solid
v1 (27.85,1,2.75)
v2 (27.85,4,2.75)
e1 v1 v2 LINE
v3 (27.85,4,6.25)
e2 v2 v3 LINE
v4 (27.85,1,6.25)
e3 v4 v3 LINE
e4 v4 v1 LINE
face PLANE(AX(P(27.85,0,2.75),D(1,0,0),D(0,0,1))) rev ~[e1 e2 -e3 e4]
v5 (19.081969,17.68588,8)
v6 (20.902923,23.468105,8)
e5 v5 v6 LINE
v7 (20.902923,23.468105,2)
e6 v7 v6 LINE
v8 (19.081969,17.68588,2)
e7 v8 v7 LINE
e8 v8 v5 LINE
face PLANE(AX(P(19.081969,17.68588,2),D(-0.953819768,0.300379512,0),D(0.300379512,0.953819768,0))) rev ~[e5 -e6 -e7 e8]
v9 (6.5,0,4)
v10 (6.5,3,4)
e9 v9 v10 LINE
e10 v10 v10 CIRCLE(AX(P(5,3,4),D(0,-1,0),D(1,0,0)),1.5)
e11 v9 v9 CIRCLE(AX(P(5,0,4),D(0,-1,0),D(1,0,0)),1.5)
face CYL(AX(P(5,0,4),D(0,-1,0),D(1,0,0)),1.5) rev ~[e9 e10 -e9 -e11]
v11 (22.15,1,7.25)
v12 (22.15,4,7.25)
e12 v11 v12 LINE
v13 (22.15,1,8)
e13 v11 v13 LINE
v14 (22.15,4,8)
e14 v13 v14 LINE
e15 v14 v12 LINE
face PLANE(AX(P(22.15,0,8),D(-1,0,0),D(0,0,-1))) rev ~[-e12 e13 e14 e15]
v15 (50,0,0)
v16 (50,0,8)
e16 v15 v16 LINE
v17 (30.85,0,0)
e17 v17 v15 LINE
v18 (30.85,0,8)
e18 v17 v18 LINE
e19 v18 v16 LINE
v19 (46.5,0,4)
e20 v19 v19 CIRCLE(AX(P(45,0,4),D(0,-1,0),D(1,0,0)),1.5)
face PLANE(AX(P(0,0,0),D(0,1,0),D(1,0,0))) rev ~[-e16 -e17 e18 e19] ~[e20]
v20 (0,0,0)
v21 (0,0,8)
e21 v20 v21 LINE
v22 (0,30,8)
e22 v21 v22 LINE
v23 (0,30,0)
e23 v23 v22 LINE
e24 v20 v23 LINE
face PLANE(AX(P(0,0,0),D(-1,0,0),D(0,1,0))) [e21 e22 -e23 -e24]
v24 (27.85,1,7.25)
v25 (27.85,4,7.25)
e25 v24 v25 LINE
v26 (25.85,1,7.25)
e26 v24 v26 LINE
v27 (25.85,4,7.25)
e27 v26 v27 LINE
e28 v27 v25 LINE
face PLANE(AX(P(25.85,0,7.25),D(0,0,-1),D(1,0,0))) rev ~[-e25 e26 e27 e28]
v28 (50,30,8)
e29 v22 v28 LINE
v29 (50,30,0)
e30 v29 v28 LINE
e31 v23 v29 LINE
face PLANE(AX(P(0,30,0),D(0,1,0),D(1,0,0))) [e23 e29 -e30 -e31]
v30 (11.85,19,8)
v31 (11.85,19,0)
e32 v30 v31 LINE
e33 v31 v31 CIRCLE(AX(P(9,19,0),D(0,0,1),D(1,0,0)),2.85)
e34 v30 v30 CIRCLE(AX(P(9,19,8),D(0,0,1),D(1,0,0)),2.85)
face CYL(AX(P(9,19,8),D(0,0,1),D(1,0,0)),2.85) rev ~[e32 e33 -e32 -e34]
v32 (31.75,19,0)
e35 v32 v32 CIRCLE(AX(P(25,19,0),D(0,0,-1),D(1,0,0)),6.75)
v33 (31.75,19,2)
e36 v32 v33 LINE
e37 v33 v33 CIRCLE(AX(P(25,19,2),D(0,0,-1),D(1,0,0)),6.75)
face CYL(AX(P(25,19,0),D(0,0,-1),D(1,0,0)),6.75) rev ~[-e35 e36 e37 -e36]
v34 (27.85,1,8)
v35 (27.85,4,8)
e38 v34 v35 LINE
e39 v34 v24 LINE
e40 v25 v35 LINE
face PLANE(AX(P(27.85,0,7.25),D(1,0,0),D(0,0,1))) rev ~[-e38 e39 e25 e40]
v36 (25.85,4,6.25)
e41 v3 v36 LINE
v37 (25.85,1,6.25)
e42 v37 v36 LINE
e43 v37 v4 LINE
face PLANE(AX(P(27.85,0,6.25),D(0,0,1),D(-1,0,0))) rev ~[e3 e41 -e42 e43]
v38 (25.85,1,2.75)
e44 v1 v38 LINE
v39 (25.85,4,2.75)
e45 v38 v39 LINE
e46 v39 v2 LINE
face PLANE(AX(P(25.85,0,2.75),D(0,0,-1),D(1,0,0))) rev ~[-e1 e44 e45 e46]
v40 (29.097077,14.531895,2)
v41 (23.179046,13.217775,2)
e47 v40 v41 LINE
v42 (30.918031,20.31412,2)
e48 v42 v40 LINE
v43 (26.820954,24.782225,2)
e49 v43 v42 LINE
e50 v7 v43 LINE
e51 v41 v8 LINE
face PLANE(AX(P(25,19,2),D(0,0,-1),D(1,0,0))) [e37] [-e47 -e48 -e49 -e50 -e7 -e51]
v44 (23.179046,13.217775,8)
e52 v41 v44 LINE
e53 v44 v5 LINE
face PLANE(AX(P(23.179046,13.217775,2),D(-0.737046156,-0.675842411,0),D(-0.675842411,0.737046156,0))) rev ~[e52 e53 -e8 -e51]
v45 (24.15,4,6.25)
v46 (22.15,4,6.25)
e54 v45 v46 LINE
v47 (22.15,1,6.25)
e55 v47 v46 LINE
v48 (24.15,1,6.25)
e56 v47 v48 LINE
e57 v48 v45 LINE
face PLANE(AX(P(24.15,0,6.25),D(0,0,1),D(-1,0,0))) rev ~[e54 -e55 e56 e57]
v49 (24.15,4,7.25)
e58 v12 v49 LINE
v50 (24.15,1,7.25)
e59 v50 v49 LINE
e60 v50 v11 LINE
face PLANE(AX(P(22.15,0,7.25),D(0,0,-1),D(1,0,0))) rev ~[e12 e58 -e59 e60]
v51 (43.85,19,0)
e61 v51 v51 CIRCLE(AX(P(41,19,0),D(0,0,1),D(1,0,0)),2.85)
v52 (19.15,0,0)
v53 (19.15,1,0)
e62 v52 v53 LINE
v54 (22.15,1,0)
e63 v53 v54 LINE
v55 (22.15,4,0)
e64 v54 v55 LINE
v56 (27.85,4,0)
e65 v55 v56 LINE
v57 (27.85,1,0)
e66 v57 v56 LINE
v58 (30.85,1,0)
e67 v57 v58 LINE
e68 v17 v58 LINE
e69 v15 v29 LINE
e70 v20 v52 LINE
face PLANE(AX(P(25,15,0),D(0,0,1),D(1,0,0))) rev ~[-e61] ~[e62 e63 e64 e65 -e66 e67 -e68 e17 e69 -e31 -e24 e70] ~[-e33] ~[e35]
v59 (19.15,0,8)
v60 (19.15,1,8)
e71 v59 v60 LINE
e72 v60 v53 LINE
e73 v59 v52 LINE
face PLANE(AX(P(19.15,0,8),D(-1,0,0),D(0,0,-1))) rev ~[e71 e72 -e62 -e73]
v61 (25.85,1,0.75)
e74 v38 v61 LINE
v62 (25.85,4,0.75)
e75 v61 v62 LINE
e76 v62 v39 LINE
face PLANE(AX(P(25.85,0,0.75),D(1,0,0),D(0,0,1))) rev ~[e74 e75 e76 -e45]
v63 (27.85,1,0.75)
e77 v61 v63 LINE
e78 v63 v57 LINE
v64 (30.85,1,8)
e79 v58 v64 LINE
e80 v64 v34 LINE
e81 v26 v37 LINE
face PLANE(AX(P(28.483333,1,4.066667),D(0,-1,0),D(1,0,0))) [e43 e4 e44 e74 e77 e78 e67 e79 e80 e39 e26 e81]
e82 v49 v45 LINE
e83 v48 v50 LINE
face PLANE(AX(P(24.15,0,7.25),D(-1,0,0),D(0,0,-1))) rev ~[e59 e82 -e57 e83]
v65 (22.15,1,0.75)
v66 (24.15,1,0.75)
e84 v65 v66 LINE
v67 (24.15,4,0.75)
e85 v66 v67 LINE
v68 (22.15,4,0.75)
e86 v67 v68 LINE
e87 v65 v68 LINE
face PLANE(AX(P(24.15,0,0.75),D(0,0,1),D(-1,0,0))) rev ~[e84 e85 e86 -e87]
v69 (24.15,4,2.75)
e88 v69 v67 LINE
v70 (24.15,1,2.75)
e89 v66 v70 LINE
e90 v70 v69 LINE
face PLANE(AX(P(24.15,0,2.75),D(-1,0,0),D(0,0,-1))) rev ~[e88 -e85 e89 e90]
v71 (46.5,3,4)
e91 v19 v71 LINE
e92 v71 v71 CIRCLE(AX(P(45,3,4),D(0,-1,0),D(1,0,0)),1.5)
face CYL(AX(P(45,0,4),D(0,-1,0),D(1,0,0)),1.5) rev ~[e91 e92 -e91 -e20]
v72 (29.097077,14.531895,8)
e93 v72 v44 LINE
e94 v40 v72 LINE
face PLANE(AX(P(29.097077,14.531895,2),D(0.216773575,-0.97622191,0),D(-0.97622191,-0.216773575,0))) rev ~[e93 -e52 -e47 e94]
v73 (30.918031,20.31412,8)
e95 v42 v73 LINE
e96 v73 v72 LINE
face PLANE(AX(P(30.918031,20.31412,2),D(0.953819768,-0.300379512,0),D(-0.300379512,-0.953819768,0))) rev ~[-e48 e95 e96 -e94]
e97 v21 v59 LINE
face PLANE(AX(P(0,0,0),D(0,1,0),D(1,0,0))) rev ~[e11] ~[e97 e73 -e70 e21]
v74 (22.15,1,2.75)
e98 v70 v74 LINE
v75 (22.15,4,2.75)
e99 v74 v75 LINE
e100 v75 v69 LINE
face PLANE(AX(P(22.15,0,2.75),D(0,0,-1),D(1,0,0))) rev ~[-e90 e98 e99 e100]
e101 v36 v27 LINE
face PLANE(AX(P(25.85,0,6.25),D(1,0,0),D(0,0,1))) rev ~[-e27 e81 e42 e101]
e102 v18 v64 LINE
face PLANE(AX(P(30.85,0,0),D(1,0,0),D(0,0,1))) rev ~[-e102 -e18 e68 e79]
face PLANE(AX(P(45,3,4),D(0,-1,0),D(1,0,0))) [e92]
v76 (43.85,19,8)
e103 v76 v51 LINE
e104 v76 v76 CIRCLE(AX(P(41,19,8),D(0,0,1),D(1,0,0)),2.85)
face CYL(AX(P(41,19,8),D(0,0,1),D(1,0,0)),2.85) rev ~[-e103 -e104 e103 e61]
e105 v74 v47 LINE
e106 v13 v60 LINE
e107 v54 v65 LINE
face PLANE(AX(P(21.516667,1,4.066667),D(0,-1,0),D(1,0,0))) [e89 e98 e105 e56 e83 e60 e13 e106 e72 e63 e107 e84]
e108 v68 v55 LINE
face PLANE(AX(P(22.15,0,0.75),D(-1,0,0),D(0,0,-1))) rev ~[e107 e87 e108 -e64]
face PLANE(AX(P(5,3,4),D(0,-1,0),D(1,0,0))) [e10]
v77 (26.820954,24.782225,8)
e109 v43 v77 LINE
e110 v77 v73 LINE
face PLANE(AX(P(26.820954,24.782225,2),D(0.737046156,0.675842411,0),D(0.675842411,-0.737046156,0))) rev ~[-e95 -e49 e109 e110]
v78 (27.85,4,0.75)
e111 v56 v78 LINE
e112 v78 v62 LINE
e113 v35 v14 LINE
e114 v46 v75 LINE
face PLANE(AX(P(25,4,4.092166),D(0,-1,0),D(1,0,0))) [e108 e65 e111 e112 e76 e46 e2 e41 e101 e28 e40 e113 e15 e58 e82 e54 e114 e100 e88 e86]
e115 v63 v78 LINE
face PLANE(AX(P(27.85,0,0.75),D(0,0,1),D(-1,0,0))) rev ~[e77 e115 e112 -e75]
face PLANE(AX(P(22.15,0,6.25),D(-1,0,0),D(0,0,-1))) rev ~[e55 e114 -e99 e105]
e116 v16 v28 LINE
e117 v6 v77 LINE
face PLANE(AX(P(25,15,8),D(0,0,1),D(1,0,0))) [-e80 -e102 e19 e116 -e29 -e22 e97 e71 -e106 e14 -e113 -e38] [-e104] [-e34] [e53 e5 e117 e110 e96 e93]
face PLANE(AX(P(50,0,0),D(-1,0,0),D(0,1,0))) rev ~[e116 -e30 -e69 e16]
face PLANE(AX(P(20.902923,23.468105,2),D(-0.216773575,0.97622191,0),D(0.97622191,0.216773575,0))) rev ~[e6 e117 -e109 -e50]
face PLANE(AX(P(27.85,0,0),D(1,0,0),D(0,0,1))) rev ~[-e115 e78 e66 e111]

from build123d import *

# Parameters (mm, degrees)
F0_W      = 50
F0_H      = 30
F1_DEPTH  = 8
F2_R      = 2.85
F3_DEPTH  = 8
F4_R      = 1.5
F5_DEPTH  = 3
F6_DEPTH  = 4
F7_DEPTH  = 1
F8_R      = 6.75
F9_DEPTH  = 2
F11_DEPTH = 6


with BuildPart() as f1:
    # F0 (on Top) → F1 (new body)
    with BuildSketch(Plane.XY):
        with Locations((25, 15)):
            Rectangle(F0_W, F0_H)
    extrude(amount=F1_DEPTH)

    # F2 (on face) → F3 (cut)
    with BuildSketch(Plane.XY.offset(8)):
        with Locations((41, 19)):
            Circle(F2_R)
        with Locations((9, 19)):
            Circle(F2_R)
    extrude(amount=-F3_DEPTH, mode=Mode.SUBTRACT)

    # F4 (on face) → F5 (cut)
    with BuildSketch(Plane.XZ):
        with Locations((5, 4)):
            Circle(F4_R)
        with Locations((45, 4)):
            Circle(F4_R)
    extrude(amount=-F5_DEPTH, mode=Mode.SUBTRACT)

    # F4 (on face) → F6 (cut)
    with BuildSketch(Plane.XZ):
        Polygon((22.15, 0.75), (22.15, 0), (27.85, 0), (27.85, 0.75), (25.85, 0.75), (25.85, 2.75), (27.85, 2.75), (27.85, 6.25), (25.85, 6.25), (25.85, 7.25), (27.85, 7.25), (27.85, 8), (22.15, 8), (22.15, 7.25), (24.15, 7.25), (24.15, 6.25), (22.15, 6.25), (22.15, 2.75), (24.15, 2.75), (24.15, 0.75), align=None)
    extrude(amount=-F6_DEPTH, mode=Mode.SUBTRACT)

    # F4 (on face) → F7 (cut)
    with BuildSketch(Plane.XZ):
        Polygon((19.15, 8), (19.15, 0), (22.15, 0), (22.15, 0.75), (24.15, 0.75), (24.15, 2.75), (22.15, 2.75), (22.15, 6.25), (24.15, 6.25), (24.15, 7.25), (22.15, 7.25), (22.15, 8), align=None)
        Polygon((27.85, 0.75), (27.85, 0), (30.85, 0), (30.85, 8), (27.85, 8), (27.85, 7.25), (25.85, 7.25), (25.85, 6.25), (27.85, 6.25), (27.85, 2.75), (25.85, 2.75), (25.85, 0.75), align=None)
    extrude(amount=-F7_DEPTH, mode=Mode.SUBTRACT)

    # F8 (on face) → F9 (cut)
    with BuildSketch(Plane(origin=(0, 0, 0), x_dir=(1, 0, 0), z_dir=(0, 0, -1))):
        with Locations((25, -19)):
            Circle(F8_R)
    extrude(amount=-F9_DEPTH, mode=Mode.SUBTRACT)

    # F10 (on face) → F11 (cut)
    with BuildSketch(Plane(origin=(0, 0, 2), x_dir=(1, 0, 0), z_dir=(0, 0, -1))):
        Polygon((30.918031, -20.31412), (29.097077, -14.531895), (23.179046, -13.217775), (19.081969, -17.68588), (20.902923, -23.468105), (26.820954, -24.782225), align=None)
    extrude(amount=-F11_DEPTH, mode=Mode.SUBTRACT)


solid = f1.part
